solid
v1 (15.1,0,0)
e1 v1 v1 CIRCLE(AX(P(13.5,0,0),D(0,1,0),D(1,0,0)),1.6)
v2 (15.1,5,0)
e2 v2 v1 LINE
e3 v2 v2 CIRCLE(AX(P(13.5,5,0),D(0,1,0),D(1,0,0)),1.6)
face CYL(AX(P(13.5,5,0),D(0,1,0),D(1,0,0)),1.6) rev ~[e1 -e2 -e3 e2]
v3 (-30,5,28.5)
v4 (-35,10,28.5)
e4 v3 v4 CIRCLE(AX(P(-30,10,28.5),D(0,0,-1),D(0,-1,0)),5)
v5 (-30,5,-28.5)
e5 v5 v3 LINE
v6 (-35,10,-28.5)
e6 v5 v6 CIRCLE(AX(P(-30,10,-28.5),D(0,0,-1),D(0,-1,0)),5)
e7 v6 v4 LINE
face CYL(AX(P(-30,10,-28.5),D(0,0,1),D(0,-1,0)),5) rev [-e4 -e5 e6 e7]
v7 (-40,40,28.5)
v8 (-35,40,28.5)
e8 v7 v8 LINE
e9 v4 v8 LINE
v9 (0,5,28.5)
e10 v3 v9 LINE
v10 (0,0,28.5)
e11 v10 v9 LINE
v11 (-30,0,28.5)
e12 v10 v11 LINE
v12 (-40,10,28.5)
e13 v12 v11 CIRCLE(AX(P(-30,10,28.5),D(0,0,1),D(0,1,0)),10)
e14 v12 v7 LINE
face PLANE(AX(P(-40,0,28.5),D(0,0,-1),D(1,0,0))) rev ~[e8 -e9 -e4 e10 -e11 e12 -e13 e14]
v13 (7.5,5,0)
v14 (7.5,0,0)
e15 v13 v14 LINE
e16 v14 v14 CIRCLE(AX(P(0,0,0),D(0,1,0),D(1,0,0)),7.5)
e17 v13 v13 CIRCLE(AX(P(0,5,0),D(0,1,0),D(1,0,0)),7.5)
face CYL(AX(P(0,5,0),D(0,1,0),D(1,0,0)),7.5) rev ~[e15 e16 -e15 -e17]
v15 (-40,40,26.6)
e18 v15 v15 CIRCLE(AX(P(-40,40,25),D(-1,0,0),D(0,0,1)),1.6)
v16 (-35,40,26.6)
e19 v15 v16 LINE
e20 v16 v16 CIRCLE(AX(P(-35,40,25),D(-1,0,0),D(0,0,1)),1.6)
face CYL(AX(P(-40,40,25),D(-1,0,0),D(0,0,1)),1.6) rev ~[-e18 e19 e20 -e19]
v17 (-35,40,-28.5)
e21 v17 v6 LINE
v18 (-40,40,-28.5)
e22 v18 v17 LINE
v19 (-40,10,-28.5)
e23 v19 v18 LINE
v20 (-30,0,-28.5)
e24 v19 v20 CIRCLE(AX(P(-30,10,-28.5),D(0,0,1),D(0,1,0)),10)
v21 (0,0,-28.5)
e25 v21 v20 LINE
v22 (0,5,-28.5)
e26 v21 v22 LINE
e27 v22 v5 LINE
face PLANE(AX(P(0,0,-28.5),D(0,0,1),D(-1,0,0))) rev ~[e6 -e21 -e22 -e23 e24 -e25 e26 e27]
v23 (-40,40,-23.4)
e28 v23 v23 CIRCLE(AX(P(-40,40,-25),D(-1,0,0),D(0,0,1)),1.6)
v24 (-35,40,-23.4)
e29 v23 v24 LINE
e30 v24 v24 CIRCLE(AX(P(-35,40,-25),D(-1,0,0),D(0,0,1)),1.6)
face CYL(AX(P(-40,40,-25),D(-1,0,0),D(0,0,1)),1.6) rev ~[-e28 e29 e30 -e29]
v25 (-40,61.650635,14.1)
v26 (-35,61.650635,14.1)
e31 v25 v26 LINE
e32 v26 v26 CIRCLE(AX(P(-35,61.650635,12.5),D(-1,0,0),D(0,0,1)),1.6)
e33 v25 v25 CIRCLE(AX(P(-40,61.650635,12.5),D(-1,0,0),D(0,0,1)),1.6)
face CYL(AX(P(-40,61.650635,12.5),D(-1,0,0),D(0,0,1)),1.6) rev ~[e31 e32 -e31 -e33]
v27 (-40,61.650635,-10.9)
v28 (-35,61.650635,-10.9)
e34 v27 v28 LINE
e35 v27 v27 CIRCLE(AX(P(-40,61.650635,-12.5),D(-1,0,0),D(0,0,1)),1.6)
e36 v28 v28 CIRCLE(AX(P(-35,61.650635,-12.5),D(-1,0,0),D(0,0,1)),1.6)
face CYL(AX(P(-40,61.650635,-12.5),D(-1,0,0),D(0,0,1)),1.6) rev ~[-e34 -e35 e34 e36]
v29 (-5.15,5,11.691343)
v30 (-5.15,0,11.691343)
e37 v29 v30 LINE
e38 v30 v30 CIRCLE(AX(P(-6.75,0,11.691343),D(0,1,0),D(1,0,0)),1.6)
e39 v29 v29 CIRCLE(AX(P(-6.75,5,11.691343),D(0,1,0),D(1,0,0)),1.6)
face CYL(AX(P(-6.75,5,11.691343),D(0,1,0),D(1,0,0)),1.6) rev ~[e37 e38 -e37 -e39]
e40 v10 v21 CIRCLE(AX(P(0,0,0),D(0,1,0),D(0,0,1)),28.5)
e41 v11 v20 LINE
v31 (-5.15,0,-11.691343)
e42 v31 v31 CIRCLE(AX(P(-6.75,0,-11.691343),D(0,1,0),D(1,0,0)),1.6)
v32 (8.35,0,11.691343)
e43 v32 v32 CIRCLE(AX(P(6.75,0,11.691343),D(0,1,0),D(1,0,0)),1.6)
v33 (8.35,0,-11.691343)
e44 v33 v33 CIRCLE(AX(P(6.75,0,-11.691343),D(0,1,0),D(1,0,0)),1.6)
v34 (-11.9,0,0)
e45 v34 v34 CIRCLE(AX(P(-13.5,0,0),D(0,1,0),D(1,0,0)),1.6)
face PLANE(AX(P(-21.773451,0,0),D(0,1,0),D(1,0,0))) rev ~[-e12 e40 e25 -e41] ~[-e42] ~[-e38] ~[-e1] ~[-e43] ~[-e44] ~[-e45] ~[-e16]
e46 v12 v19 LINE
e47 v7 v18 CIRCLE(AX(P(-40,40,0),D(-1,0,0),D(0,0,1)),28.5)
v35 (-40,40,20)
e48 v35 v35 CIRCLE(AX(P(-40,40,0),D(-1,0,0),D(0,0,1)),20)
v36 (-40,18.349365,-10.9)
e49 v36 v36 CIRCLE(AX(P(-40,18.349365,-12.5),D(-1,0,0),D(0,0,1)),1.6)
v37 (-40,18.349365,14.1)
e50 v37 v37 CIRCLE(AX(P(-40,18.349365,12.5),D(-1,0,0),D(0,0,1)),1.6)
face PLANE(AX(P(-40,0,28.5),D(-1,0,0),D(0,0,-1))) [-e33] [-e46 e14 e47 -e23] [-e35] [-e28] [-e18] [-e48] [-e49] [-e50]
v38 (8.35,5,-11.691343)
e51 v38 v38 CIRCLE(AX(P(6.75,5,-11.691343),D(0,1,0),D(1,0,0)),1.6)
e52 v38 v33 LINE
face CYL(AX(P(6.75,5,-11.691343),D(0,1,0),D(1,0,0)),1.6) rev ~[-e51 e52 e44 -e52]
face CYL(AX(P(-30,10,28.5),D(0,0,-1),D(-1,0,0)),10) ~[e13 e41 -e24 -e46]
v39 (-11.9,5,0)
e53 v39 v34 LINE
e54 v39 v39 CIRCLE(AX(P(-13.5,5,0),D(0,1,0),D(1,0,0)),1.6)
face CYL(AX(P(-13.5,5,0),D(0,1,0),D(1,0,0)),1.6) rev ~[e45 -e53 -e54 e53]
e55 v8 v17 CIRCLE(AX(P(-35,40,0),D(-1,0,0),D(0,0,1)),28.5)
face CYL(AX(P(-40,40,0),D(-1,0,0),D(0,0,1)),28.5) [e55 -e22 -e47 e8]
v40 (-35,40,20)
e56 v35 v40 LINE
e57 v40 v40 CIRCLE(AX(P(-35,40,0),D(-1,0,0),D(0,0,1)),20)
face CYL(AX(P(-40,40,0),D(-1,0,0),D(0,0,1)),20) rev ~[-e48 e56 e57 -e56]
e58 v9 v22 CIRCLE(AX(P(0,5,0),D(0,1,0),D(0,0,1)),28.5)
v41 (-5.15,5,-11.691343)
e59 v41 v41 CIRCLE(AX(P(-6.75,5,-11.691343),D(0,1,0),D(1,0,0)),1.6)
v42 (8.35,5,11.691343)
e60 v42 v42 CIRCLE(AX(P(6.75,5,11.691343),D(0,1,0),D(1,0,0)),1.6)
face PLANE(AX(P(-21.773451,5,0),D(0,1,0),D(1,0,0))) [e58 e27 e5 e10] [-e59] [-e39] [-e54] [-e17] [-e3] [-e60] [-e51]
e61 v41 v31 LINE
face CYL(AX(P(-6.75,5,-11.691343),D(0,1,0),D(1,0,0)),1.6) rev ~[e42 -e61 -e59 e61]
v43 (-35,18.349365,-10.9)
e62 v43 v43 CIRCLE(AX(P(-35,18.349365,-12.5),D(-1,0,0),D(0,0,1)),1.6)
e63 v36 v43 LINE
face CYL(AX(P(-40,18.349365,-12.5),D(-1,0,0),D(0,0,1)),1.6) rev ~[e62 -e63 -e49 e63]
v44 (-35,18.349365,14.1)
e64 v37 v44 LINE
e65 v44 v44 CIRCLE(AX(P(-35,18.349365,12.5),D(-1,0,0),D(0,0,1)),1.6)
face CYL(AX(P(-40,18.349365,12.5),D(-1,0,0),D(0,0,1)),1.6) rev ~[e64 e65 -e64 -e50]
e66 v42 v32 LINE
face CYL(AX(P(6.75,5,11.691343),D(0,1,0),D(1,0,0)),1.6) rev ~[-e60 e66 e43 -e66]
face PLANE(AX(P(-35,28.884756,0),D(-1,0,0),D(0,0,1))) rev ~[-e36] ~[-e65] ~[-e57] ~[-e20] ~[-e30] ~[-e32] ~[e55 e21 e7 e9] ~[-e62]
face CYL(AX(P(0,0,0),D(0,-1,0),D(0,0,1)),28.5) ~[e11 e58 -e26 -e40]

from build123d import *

# Parameters (mm, degrees)
SKETCH_1_R          = 28.5
SKETCH_1_W          = 5
SKETCH_1_H          = 57
EXTRUDE_1_DEPTH     = 5
SKETCH_2_R          = 1.6
SKETCH_2_R_2        = 20
EXTRUDE_2_DEPTH     = 5
FILLET_1_R          = 10
FILLET_2_R          = 5
SKETCH_3_R          = 1.6
SKETCH_3_R_2        = 7.5
CUT_EXTRUDE_1_DEPTH = 5


with BuildPart() as part:
    # 草图1 → 凸台-拉伸1 (new body)
    with BuildSketch(Plane(origin=(0, 0, 0), x_dir=(1, 0, 0), z_dir=(0, 1, 0))):
        with BuildLine():
            ThreePointArc((0, -28.5), (-28.5, 0), (0, 28.5))
            Line((0, 28.5), (-35, 28.5))
            Line((-35, 28.5), (-35, -28.5))
            Line((-35, -28.5), (0, -28.5))
        make_face()
        Circle(SKETCH_1_R)
        with Locations((-37.5, 0)):
            Rectangle(SKETCH_1_W, SKETCH_1_H)
    extrude(amount=EXTRUDE_1_DEPTH)

    # 草图2 → 凸台-拉伸2 (add)
    with BuildSketch(Plane.ZY.offset(40)):
        with BuildLine():
            Line((28.5, 0), (28.5, 40))
            ThreePointArc((28.5, 40), (0, 68.5), (-28.5, 40))
            Line((-28.5, 40), (-28.5, 0))
            Line((-28.5, 0), (28.5, 0))
        make_face()
        with Locations((12.5, 61.650635095)):
            Circle(SKETCH_2_R, mode=Mode.SUBTRACT)
        with Locations((-12.5, 18.349364905)):
            Circle(SKETCH_2_R, mode=Mode.SUBTRACT)
        with Locations((12.5, 18.349364905)):
            Circle(SKETCH_2_R, mode=Mode.SUBTRACT)
        with Locations((-25, 40)):
            Circle(SKETCH_2_R, mode=Mode.SUBTRACT)
        with Locations((-12.5, 61.650635095)):
            Circle(SKETCH_2_R, mode=Mode.SUBTRACT)
        with Locations((0, 40)):
            Circle(SKETCH_2_R_2, mode=Mode.SUBTRACT)
        with Locations((25, 40)):
            Circle(SKETCH_2_R, mode=Mode.SUBTRACT)
    extrude(amount=-EXTRUDE_2_DEPTH)

    # 圆角1
    fillet_1_edges = [part.edges().sort_by_distance(p)[0] for p in [
        (-40, 0, 0),
    ]]
    fillet(fillet_1_edges, radius=FILLET_1_R)

    # 圆角2
    fillet_2_edges = [part.edges().sort_by_distance(p)[0] for p in [
        (-35, 5, 0),
    ]]
    fillet(fillet_2_edges, radius=FILLET_2_R)

    # 草图3 → 切除-拉伸1 (cut)
    with BuildSketch(Plane(origin=(0, 5, 0), x_dir=(1, 0, 0), z_dir=(0, 1, 0))):
        with Locations((13.5, 0)):
            Circle(SKETCH_3_R)
        with Locations((6.75, -11.691342951)):
            Circle(SKETCH_3_R)
        with Locations((-6.75, -11.691342951)):
            Circle(SKETCH_3_R)
        with Locations((-13.5, 0)):
            Circle(SKETCH_3_R)
        with Locations((-6.75, 11.691342951)):
            Circle(SKETCH_3_R)
        with Locations((6.75, 11.691342951)):
            Circle(SKETCH_3_R)
        Circle(SKETCH_3_R_2)
    extrude(amount=-CUT_EXTRUDE_1_DEPTH, mode=Mode.SUBTRACT)


solid = part.part
